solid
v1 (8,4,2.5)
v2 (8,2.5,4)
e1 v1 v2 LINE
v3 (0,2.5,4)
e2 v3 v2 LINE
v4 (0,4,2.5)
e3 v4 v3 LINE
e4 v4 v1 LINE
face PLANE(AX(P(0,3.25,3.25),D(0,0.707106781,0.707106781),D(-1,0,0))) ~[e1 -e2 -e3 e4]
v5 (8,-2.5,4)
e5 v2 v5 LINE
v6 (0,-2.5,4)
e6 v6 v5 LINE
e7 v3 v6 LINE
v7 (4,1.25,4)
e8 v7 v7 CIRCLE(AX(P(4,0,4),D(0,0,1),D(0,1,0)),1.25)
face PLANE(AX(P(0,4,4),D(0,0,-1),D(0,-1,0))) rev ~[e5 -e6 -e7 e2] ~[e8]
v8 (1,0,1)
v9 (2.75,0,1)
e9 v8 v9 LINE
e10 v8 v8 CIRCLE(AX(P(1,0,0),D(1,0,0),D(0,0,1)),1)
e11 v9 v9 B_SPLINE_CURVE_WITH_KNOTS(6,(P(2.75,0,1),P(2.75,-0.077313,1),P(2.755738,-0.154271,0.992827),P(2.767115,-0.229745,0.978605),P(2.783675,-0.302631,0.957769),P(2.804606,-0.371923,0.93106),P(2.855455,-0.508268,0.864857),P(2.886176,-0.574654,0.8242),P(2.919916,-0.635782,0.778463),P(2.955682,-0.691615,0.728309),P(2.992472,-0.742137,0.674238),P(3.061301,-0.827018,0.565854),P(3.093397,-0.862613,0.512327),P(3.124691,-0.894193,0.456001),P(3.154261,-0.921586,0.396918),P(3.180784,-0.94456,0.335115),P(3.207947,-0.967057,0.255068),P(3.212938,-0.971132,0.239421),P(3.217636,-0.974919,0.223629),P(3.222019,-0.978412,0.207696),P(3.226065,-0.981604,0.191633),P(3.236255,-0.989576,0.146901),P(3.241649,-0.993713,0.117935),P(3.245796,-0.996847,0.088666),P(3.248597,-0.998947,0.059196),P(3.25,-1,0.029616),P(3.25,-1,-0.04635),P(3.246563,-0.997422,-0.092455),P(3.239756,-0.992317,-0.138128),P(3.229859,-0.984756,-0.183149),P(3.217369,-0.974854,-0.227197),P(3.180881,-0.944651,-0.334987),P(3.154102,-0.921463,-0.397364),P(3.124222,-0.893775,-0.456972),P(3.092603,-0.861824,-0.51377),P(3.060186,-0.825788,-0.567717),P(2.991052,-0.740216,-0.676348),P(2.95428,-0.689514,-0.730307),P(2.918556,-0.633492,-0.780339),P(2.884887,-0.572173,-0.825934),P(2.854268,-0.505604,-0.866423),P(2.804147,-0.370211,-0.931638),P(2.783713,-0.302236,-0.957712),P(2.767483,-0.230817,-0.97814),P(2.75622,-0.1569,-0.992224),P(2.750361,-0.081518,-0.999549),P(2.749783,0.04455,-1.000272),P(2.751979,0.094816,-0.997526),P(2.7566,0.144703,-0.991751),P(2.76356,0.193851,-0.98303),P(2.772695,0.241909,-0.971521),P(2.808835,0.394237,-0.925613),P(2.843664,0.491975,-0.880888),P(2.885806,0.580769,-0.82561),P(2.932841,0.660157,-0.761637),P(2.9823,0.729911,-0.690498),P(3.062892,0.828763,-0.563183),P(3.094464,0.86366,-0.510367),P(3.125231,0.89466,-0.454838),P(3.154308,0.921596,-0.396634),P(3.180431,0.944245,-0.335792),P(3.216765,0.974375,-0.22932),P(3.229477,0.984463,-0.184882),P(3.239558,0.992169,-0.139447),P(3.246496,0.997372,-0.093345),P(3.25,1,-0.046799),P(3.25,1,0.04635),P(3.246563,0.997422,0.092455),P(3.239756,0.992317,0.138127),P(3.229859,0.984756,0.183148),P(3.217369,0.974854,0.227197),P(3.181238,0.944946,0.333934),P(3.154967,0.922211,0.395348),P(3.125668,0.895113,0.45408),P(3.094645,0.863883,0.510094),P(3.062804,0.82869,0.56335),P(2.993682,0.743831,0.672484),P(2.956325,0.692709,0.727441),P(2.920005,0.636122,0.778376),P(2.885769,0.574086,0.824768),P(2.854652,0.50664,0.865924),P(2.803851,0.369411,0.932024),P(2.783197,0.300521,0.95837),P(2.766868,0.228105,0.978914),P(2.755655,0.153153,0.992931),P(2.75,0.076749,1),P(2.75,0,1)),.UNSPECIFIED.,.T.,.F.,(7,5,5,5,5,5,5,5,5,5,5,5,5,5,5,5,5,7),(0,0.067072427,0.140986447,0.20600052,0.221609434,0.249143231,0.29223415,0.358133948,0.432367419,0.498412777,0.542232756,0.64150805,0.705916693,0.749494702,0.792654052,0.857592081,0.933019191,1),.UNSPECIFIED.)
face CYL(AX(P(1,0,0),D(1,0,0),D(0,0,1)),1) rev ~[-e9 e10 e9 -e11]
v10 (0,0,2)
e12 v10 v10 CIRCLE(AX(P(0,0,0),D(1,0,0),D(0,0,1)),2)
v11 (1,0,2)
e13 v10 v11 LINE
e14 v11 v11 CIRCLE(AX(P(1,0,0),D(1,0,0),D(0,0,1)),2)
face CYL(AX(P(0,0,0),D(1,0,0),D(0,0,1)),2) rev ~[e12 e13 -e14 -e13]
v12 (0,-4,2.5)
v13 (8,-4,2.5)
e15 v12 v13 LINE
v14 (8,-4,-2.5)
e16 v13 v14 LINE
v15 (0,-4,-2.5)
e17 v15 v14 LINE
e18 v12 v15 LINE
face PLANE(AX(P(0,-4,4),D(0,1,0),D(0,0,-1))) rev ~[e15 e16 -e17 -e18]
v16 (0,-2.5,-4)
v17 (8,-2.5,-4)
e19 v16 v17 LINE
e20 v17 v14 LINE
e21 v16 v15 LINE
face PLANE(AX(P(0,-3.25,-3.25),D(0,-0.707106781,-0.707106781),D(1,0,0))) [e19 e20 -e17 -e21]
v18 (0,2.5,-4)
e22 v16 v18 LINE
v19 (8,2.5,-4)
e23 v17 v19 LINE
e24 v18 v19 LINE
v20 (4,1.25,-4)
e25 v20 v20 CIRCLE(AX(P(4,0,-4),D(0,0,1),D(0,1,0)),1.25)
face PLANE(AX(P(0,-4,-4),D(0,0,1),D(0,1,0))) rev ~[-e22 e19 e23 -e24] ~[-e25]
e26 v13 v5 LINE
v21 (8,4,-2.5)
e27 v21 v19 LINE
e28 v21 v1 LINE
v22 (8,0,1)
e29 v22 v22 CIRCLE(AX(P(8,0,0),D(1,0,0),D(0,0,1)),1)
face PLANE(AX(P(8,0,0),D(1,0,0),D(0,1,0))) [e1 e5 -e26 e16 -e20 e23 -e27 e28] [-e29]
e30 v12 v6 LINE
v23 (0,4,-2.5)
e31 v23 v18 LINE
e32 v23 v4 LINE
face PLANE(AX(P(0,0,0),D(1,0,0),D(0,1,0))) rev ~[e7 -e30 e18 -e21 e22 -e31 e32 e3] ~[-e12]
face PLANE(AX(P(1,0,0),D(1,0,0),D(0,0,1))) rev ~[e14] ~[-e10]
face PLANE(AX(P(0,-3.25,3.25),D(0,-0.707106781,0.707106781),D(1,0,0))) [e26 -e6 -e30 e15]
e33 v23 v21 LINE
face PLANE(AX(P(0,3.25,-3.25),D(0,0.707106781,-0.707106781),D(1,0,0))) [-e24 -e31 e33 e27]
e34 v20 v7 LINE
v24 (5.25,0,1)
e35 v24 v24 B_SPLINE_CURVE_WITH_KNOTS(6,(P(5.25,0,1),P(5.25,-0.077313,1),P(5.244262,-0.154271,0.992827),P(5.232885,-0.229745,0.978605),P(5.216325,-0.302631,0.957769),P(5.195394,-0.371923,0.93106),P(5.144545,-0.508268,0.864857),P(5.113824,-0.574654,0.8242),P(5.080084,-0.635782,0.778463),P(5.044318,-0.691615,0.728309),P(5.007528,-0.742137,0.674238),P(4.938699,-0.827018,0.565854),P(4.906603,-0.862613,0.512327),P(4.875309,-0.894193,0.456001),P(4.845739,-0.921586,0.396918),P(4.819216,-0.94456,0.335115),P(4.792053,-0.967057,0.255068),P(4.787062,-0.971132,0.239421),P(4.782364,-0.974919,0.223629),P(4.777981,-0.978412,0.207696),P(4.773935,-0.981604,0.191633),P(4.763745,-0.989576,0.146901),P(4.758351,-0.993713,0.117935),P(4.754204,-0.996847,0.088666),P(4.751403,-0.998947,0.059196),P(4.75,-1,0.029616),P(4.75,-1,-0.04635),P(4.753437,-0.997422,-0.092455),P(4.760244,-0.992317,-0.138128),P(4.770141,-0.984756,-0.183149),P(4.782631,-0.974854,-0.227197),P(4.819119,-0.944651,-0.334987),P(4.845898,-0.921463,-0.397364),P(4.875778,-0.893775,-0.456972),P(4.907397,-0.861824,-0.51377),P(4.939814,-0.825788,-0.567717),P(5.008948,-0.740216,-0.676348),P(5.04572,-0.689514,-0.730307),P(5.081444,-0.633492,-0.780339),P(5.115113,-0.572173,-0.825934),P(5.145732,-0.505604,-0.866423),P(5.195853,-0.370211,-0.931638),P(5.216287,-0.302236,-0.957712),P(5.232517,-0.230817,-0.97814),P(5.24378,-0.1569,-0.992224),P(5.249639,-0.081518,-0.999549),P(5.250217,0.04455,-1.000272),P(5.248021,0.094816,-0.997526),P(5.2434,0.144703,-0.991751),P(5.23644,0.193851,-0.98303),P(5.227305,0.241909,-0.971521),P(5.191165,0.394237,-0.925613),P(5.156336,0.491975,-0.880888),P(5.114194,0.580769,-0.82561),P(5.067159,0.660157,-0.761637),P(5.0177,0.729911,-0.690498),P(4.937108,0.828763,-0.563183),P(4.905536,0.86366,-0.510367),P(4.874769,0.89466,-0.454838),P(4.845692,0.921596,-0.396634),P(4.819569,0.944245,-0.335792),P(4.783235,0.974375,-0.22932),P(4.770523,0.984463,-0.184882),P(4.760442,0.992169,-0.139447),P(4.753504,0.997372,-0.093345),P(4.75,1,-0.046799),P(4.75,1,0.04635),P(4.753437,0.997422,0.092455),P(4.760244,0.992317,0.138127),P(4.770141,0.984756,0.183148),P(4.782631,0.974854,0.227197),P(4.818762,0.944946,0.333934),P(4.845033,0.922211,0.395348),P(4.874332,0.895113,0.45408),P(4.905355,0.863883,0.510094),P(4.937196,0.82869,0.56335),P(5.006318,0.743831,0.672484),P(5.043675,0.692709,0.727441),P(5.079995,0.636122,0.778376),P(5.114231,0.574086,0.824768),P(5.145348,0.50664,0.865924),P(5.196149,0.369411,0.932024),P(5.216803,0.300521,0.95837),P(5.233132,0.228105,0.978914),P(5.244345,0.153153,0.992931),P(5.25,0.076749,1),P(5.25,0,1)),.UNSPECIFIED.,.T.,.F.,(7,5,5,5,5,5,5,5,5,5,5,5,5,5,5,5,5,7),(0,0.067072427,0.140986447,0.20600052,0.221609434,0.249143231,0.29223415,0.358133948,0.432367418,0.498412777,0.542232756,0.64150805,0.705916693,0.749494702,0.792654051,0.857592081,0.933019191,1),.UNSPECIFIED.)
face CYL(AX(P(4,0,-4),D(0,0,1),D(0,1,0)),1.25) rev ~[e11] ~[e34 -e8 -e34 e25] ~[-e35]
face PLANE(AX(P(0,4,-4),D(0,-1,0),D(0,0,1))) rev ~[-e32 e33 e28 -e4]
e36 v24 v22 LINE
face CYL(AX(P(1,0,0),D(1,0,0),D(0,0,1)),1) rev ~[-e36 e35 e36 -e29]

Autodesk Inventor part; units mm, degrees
ref_plane "YZ Plane" through (0, 0, 0) normal (1, 0, 0) x (0, 1, 0)
ref_plane "XZ Plane" through (0, 0, 0) normal (0, 1, 0) x (-1, 0, 0)
ref_plane "XY Plane" through (0, 0, 0) normal (0, 0, 1) x (1, 0, 0)
sketch "Skizze2" plane through (0, 0, 0) normal (1, 0, 0) x (0, 1, 0)
  line L0 (4, 4) -> (-4, 4)
  line L1 (-4, 4) -> (-4, -4)
  line L2 (-4, -4) -> (4, -4)
  line L3 (4, -4) -> (4, 4)
  point P0 (0, 0)
  point P1 (0, 0)
  dimension "d7" = 8
  dimension "d8" = 8
  dimension "d9" = 4
  dimension "d10" = 4
extrude "Extrusion1" add sketch "Skizze2" along normal blind 8
chamfer "Fase1" distance 1.5 angle 45 4 edges at (4, 4, 4) (4, 4, -4) (4, -4, 4) (4, -4, -4)
hole "Bohrung1" at (0, 0, 0) direction (1, 0, 0) diameter 2 end through all counterbore diameter 4 counterbore depth 1
sketch "Skizze3" plane through (0, -2.5, -4) normal (0, 0, -1) x (-1, 0, 0)
  line L0 (0, 0) -> (0, 5) projected
  line L1 (-8, -1.5) -> (0, -1.5) projected
  point P0 (0, 2.5)
  point P1 (-4, 2.5)
  dimension "d23" = 4
  dimension "d24" = 4
hole "Bohrung2" at (4, 0, -4) direction (0, 0, 1) diameter 2.5 end through all
thread "Gewinde1" size "M3x0.5" class "6H" standard "ANSI Metric M Profile" full length
properties part number "Aluminium_Block_Motor"
